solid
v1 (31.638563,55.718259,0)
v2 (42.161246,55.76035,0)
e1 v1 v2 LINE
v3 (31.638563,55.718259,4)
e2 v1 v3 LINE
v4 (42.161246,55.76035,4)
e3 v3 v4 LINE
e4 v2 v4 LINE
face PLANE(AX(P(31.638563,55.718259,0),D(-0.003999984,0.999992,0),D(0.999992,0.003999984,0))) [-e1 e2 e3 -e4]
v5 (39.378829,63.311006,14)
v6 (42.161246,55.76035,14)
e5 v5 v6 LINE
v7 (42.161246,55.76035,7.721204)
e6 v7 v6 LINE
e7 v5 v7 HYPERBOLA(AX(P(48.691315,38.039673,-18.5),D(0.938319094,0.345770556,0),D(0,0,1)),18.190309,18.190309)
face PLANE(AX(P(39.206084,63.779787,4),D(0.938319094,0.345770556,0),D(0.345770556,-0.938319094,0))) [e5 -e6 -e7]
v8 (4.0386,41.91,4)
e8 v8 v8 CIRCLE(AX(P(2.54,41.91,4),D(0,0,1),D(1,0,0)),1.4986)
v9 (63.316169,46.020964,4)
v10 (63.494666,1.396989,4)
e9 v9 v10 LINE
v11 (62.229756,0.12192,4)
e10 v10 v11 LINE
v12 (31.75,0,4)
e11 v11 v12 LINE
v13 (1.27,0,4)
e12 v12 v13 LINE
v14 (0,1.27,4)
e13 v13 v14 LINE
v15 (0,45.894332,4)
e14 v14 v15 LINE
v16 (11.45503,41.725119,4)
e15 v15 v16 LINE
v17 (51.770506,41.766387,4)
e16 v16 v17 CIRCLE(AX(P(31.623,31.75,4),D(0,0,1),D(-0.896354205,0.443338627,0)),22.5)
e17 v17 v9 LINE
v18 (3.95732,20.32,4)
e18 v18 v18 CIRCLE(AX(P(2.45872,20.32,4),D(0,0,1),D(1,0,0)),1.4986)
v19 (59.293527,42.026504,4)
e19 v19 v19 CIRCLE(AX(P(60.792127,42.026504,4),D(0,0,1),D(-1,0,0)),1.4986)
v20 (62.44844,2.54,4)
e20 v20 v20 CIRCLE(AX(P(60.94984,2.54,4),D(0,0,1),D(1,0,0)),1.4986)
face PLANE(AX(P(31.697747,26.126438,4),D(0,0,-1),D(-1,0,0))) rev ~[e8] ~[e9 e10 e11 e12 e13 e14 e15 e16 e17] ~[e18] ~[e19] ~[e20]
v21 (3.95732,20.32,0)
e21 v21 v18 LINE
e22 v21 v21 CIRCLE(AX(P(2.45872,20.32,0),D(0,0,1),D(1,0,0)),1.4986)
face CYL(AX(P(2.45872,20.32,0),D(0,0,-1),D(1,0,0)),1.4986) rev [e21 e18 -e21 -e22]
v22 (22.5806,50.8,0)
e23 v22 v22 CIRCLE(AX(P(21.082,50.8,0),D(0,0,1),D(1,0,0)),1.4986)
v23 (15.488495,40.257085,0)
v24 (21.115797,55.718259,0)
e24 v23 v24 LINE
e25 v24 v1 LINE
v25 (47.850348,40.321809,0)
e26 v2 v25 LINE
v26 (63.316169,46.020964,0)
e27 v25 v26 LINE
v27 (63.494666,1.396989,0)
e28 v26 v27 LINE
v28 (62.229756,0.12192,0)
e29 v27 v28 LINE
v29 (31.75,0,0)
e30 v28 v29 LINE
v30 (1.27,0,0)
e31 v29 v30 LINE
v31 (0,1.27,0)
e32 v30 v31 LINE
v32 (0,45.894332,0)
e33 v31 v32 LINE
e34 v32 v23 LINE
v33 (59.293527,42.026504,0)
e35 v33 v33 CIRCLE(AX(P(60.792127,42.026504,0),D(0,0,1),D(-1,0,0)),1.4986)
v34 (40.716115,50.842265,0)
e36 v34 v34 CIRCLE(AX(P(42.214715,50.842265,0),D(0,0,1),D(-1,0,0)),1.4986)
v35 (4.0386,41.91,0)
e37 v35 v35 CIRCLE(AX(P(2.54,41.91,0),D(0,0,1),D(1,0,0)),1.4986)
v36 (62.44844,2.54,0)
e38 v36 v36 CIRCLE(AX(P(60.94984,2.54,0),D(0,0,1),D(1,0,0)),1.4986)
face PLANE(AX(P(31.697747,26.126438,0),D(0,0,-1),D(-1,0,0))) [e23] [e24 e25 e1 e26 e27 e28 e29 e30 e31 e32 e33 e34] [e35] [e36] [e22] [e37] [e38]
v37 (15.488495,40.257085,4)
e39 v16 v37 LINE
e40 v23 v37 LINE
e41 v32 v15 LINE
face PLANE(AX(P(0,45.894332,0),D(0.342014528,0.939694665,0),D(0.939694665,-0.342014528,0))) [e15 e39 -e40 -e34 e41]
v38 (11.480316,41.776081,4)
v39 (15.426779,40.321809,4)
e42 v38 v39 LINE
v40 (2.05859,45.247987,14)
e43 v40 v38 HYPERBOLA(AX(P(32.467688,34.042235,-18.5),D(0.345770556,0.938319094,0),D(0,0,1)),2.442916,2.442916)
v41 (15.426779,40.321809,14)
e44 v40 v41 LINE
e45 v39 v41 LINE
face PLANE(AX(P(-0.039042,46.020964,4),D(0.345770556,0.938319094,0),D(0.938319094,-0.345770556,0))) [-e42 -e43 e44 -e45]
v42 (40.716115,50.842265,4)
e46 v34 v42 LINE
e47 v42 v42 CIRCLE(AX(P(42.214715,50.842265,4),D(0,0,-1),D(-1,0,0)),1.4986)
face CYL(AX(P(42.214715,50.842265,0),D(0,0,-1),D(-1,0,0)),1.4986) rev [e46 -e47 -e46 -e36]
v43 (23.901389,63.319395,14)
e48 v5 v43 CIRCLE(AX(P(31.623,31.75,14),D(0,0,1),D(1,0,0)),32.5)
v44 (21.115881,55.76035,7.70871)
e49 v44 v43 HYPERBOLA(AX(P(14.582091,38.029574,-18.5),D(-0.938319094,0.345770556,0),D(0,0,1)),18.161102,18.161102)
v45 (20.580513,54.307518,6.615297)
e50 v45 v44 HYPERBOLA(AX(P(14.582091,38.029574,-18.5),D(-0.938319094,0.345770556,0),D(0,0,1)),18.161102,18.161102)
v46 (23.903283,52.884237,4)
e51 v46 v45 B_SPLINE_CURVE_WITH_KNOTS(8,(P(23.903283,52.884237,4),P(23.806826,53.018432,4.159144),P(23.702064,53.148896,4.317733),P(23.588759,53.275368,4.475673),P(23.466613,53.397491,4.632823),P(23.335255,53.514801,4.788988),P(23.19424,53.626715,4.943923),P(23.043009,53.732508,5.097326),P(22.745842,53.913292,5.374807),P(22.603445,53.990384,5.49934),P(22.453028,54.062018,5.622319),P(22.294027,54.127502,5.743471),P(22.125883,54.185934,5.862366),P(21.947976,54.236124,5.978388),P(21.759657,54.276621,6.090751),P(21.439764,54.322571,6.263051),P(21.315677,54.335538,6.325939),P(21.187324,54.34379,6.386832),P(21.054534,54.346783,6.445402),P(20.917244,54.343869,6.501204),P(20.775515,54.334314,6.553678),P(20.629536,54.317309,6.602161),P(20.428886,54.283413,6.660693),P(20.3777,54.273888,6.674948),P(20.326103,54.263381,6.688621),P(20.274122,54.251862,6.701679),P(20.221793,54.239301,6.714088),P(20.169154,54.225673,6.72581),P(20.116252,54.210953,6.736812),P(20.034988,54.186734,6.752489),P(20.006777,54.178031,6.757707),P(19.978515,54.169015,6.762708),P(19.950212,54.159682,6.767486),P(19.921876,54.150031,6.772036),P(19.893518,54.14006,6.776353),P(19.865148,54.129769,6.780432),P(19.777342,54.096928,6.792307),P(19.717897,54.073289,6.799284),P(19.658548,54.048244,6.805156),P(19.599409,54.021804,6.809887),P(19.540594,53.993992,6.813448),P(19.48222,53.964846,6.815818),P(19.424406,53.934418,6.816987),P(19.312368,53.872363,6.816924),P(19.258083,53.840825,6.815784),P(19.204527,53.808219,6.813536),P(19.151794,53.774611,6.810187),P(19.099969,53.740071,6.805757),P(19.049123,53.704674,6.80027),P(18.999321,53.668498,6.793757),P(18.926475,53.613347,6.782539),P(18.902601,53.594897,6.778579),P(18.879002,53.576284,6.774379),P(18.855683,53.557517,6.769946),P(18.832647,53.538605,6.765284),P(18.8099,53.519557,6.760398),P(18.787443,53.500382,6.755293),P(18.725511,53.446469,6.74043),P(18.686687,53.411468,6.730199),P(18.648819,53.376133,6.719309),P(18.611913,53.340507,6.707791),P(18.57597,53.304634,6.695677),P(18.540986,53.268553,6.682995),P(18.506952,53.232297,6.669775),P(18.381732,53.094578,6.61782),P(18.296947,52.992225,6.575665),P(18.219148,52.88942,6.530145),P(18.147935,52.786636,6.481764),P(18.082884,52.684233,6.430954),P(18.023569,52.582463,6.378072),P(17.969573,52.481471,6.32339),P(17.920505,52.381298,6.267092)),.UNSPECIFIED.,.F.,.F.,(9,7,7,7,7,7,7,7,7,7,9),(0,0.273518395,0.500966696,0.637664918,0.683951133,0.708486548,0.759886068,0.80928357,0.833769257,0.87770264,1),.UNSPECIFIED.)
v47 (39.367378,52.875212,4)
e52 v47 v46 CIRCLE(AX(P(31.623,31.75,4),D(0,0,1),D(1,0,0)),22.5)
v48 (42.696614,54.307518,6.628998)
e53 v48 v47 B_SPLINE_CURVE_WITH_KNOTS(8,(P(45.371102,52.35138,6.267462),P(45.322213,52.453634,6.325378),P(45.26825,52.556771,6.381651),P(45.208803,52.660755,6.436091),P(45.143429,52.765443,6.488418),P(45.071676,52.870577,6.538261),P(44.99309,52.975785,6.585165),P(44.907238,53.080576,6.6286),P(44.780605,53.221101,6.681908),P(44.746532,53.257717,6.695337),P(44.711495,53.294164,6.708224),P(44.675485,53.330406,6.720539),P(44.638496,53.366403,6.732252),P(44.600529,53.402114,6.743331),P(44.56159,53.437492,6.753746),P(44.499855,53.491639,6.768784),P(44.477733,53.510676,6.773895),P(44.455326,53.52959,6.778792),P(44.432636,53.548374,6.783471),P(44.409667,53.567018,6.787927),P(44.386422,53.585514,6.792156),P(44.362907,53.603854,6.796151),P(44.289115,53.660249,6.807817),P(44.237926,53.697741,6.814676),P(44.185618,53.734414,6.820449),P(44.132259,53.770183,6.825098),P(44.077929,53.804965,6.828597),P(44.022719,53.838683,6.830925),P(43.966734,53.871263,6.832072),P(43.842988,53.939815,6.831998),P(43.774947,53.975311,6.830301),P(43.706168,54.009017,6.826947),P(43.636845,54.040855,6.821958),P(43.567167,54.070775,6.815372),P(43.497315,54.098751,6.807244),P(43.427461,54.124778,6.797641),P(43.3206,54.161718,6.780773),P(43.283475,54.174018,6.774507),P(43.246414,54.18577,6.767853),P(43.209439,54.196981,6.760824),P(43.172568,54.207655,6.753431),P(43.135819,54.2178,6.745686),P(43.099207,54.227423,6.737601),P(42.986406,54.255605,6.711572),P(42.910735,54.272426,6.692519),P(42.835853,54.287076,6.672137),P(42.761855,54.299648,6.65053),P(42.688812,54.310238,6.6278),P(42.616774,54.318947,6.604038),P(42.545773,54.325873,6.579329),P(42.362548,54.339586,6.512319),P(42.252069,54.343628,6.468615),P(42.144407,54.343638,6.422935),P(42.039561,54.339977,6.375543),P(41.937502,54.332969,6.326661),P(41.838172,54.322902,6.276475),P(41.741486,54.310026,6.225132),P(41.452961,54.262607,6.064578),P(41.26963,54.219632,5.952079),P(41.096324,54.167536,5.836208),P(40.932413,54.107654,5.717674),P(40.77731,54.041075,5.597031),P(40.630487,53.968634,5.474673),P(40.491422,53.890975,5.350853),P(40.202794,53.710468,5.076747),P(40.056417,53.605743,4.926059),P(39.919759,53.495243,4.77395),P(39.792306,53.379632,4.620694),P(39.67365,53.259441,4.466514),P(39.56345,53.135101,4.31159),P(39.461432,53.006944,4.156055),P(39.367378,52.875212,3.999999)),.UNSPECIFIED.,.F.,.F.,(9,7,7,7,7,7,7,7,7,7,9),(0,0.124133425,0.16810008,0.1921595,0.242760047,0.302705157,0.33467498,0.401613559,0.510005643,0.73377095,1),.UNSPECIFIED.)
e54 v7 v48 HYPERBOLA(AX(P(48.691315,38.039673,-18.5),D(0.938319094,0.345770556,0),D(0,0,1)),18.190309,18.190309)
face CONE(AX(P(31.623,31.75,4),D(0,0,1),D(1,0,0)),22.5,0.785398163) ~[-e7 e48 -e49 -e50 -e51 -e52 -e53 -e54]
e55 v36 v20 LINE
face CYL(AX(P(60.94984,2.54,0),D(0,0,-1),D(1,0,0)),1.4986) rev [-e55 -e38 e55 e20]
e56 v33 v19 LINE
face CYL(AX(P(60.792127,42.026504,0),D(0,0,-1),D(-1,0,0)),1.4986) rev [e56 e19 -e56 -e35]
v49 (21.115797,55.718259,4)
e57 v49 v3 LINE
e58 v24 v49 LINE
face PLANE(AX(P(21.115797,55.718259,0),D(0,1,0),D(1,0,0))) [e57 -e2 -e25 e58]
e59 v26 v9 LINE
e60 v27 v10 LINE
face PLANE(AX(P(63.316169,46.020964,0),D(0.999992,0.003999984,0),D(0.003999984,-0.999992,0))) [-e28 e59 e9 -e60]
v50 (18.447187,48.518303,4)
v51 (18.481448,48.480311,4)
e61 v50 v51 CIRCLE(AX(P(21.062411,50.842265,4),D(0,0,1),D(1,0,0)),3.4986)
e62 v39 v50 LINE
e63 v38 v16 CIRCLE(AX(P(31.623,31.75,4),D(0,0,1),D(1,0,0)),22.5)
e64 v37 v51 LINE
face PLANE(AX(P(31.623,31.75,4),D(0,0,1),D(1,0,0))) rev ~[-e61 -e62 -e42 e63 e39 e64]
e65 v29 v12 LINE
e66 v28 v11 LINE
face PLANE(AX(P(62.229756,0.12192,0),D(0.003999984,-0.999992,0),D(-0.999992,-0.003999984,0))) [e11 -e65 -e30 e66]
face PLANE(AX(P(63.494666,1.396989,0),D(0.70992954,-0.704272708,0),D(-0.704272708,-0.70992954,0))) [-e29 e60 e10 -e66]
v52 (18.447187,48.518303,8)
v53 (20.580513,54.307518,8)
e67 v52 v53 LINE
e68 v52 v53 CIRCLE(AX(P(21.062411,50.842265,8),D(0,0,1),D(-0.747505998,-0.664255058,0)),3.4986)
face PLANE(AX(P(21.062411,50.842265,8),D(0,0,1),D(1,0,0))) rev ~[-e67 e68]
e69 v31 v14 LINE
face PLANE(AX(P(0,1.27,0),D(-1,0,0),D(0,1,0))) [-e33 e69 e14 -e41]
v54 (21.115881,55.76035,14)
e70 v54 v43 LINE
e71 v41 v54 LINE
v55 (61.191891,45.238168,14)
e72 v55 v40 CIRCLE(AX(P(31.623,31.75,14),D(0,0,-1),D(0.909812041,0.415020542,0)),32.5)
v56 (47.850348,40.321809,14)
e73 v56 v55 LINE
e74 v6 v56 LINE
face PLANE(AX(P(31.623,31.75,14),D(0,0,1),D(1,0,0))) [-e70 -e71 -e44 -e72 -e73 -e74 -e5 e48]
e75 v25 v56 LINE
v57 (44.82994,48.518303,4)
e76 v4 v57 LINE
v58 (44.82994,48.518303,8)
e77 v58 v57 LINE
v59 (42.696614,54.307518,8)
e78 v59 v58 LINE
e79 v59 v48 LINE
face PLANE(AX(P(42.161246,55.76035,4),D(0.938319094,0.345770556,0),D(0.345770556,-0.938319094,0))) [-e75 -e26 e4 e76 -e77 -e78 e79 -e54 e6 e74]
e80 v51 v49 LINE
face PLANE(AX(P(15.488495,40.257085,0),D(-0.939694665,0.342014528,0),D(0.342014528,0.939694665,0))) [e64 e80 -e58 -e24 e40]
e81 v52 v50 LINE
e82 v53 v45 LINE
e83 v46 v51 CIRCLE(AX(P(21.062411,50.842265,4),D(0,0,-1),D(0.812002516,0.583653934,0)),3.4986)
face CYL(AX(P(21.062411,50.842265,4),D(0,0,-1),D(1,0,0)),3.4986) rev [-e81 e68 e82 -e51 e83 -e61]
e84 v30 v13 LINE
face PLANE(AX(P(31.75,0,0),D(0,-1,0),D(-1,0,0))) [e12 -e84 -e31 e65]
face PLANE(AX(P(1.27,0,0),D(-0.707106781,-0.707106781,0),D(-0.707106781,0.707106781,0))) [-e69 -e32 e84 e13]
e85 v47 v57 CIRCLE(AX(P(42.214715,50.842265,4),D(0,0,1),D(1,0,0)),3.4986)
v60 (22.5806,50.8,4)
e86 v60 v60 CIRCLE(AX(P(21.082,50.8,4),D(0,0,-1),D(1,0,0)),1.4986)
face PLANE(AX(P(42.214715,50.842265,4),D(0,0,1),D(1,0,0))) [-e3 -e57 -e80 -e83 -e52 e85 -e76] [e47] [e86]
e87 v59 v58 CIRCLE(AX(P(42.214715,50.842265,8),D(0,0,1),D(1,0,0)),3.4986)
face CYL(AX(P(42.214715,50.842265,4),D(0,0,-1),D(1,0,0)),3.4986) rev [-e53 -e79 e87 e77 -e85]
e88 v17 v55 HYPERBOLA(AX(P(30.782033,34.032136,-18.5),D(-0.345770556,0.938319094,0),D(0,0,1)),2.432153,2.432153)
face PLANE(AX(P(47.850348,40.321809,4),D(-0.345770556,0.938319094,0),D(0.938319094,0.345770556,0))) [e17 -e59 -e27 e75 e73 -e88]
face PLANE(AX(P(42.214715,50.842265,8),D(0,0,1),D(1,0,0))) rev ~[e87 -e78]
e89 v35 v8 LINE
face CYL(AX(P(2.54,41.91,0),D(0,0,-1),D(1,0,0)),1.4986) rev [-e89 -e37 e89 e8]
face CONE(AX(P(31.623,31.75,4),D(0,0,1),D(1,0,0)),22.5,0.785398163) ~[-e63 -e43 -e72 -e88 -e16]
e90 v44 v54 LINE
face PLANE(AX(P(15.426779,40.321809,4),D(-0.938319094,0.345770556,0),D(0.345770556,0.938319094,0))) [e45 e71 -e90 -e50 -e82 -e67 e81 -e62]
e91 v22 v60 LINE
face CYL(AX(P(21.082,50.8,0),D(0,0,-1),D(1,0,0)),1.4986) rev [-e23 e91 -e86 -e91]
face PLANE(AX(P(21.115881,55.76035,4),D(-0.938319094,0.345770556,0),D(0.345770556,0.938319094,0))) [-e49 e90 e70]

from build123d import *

# Parameters (mm, degrees)
SKETCH9_R           = 1.4986
BOSS_EXTRUDE2_DEPTH = 4
SKETCH10_R          = 22.5
BOSS_EXTRUDE3_DEPTH = 10
BOSS_EXTRUDE3_DRAFT = -45
CUT_EXTRUDE1_DEPTH  = 10
SKETCH12_R          = 3.4986
CUT_EXTRUDE2_DEPTH  = 4


with BuildPart() as part:
    # Sketch9 → Boss-Extrude2 (new body)
    with BuildSketch(Plane.XY):
        Polygon((0, 45.894331692), (15.488494665, 40.257085472), (21.11579715, 55.718259441), (31.638563481, 55.718259441), (42.161245631, 55.760350338), (47.850347546, 40.321809178), (63.316169409, 46.020964031), (63.494666021, 1.396989332), (62.229756161, 0.121919512), (31.75, 0), (1.27, 0), (0, 1.27), align=None)
        with Locations((60.94984, 2.54)):
            Circle(SKETCH9_R, mode=Mode.SUBTRACT)
        with Locations((21.082, 50.8)):
            Circle(SKETCH9_R, mode=Mode.SUBTRACT)
        with Locations((2.54, 41.91)):
            Circle(SKETCH9_R, mode=Mode.SUBTRACT)
        with Locations(Location((60.792126991, 42.026504254, 0), (0, 0, 180))):
            Circle(SKETCH9_R, mode=Mode.SUBTRACT)
        with Locations(Location((42.214715469, 50.842265431, 0), (0, 0, 180))):
            Circle(SKETCH9_R, mode=Mode.SUBTRACT)
        with Locations((2.45872, 20.32)):
            Circle(SKETCH9_R, mode=Mode.SUBTRACT)
    extrude(amount=BOSS_EXTRUDE2_DEPTH)


with BuildPart() as boss_extrude3_tool:
    # Sketch10 → Boss-Extrude3 (with draft: the straight prism first)
    with BuildSketch(Plane.XY.offset(4)):
        with Locations((31.623, 31.75)):
            Circle(SKETCH10_R)
    extrude(amount=BOSS_EXTRUDE3_DEPTH)
    # Boss-Extrude3: the draft: its side faces are tilted about the plane it starts from
    boss_extrude3_sides = [boss_extrude3_tool.faces().sort_by_distance(p)[0] for p in [
        (9.123, 31.75, 9),
    ]]
    draft(boss_extrude3_sides, Plane.XY.offset(4), BOSS_EXTRUDE3_DRAFT)


with BuildPart() as part_1:
    add(part.part)

    # Boss-Extrude3: add boss_extrude3_tool
    add(boss_extrude3_tool.part)

    # Sketch11 → Cut-Extrude1 (cut)
    with BuildSketch(Plane.XY.offset(4)):
        Polygon((63.316169409, 46.020964031), (54.671905515, 69.478941389), (39.206083653, 63.779786536), (42.161245631, 55.760350338), (47.850347546, 40.321809178), align=None)
        Polygon((-0.039042446, 46.020964031), (15.426779416, 40.321809178), (21.115881332, 55.760350338), (24.071043309, 63.779786536), (8.605221447, 69.478941389), align=None)
    extrude(amount=CUT_EXTRUDE1_DEPTH, mode=Mode.SUBTRACT)

    # Sketch12 → Cut-Extrude2 (cut)
    with BuildSketch(Plane.XY.offset(4)):
        with Locations((21.062411493, 50.842265431)):
            Circle(SKETCH12_R)
        with Locations((42.214715469, 50.842265431)):
            Circle(SKETCH12_R)
    extrude(amount=CUT_EXTRUDE2_DEPTH, mode=Mode.SUBTRACT)


solid = part_1.part
